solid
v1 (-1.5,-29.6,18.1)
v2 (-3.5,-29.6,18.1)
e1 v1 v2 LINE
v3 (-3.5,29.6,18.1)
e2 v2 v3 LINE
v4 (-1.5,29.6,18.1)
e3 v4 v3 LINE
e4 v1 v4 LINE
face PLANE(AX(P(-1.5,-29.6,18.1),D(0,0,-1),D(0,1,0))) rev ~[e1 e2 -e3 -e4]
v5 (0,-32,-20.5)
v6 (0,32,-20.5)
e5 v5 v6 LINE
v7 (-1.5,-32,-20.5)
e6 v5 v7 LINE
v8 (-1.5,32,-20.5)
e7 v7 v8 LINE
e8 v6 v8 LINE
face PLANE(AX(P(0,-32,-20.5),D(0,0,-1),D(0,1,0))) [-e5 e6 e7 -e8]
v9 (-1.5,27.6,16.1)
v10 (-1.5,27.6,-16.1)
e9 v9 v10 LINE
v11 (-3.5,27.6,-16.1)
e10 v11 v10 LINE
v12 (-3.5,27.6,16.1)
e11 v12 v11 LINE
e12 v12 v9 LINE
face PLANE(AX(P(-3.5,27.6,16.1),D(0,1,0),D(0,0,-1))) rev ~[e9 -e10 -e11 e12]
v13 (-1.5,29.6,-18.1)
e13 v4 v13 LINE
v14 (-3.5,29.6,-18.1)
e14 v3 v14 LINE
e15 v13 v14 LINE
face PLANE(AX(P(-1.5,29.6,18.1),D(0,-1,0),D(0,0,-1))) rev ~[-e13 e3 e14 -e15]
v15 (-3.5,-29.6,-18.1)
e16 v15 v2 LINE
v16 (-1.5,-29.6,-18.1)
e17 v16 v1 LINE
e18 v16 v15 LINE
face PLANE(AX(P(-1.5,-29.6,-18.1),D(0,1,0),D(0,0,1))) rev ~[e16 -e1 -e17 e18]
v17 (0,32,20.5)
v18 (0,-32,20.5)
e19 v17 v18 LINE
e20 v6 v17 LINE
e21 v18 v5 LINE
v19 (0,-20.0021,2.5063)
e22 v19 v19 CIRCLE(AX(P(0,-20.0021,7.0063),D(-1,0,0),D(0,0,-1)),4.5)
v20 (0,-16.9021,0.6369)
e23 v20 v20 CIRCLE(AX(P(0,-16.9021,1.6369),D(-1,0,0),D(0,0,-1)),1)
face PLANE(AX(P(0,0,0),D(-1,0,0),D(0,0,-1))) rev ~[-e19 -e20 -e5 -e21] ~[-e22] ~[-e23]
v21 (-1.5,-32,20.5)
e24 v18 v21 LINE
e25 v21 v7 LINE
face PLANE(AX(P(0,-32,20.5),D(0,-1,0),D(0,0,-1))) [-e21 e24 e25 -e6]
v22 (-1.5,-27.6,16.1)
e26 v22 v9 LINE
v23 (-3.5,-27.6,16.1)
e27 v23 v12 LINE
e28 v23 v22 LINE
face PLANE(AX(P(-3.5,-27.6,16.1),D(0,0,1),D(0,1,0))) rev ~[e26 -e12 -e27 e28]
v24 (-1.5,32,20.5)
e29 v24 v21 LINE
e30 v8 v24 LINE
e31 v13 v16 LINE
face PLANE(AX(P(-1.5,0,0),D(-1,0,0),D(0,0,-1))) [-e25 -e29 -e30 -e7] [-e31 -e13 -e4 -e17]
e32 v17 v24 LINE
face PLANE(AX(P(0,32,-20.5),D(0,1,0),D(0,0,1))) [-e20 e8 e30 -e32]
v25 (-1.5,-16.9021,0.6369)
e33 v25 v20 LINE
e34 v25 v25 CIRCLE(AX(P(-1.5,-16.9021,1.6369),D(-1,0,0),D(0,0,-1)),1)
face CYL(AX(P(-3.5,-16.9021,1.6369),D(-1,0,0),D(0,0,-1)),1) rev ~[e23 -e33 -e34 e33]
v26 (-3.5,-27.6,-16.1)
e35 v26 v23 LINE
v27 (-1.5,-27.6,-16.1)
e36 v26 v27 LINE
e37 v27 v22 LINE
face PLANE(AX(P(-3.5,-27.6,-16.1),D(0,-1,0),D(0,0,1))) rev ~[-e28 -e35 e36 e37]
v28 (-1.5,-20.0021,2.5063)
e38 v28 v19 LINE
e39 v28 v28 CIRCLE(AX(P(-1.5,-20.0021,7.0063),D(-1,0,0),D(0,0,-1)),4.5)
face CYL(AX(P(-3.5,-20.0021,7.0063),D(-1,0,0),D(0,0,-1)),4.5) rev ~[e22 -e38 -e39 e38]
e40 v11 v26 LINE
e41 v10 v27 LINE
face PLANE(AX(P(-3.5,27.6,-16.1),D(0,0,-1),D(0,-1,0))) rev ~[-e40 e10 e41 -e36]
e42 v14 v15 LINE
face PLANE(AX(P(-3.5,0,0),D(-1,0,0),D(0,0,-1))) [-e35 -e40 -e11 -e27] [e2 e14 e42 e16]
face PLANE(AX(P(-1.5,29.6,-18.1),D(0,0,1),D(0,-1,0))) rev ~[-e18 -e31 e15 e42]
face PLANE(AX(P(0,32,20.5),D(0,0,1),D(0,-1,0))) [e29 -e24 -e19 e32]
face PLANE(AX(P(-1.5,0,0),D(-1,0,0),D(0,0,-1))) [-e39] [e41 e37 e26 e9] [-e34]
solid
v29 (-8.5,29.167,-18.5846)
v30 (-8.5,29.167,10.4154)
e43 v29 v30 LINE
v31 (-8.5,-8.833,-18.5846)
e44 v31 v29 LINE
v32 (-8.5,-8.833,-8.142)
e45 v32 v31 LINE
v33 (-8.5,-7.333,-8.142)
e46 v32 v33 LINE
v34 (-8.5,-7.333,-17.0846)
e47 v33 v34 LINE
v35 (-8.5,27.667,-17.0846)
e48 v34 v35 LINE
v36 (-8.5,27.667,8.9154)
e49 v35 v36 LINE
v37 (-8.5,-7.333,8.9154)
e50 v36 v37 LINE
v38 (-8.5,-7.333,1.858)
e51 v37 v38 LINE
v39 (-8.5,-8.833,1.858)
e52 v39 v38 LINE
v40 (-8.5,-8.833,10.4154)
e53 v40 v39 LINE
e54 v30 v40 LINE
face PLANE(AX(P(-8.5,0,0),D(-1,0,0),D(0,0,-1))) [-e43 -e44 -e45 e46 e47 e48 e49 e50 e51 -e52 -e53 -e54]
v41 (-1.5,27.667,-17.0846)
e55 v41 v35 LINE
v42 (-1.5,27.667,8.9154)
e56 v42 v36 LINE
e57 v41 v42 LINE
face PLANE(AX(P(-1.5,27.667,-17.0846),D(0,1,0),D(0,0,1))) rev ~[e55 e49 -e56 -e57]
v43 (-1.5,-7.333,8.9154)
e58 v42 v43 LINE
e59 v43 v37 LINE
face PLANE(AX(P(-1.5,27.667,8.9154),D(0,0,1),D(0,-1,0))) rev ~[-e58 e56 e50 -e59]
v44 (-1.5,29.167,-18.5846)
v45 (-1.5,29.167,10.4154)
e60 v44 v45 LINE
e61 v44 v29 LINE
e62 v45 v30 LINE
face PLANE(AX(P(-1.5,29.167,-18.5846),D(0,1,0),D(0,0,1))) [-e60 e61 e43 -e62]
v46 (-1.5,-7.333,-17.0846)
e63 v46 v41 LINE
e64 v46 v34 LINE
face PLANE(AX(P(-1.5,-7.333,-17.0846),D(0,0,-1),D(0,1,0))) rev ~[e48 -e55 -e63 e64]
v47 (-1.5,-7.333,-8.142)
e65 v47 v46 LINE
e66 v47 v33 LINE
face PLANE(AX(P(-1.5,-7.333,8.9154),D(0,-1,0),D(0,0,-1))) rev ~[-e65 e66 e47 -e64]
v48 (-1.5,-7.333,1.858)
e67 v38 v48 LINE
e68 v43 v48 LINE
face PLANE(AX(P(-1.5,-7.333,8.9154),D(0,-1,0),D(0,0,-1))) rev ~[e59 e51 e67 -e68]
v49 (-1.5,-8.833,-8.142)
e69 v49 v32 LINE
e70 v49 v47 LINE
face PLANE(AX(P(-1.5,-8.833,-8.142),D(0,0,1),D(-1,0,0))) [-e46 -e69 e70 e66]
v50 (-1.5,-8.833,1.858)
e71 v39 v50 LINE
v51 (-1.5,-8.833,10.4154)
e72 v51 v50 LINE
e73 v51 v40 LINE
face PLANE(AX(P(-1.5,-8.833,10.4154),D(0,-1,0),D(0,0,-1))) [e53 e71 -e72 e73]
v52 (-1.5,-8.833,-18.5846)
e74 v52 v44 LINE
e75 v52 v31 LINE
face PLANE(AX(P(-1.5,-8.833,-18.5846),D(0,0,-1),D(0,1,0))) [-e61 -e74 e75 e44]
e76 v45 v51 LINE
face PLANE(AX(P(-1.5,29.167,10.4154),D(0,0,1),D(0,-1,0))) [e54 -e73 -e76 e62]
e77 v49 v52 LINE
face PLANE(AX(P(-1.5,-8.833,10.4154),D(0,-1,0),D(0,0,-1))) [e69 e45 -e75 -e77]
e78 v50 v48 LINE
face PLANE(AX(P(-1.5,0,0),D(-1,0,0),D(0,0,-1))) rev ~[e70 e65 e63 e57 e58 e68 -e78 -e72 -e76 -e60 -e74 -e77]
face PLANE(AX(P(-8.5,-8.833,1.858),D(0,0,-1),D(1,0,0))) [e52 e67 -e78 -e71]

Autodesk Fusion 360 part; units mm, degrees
sketch "Sketch1" plane through (0, 0, 0) normal (0, 0, 1) x (1, 0, 0) in component "D1 holder"
sketch "Sketch2" plane through (0, 0, 0) normal (1, 0, 0) x (0, 0, -1) in component "D1 holder"
  line L0 (-20.5, 32) -> (20.5, 32)
  line L1 (20.5, 32) -> (20.5, -32)
  line L2 (20.5, -32) -> (-20.5, -32)
  line L3 (-20.5, -32) -> (-20.5, 32)
  line L4 (-20.5, 32) -> (20.5, -32) construction
  line L5 (20.5, 32) -> (-20.5, -32) construction
  dimension "d27" = 41
  dimension "d28" = 64
extrude "Extrude1" add sketch "Sketch2" along normal blind 1.5 makes body 1 in component "D1 holder"
sketch "Sketch3" plane through (1.5, 0, 0) normal (1, 0, 0) x (0, 0, -1) in component "D1 holder"
  line L0 (-20.5, -32) -> (20.5, -32)
  line L1 (20.5, -32) -> (20.5, 32)
  line L2 (20.5, 32) -> (-20.5, 32)
  line L3 (-20.5, 32) -> (-20.5, -32)
  line L4 (-18.1, 29.6) -> (-18.1, -29.6)
  line L5 (-18.1, -29.6) -> (18.1, -29.6)
  line L6 (18.1, -29.6) -> (18.1, 29.6)
  line L7 (18.1, 29.6) -> (-18.1, 29.6)
  dimension "d31" = 2.4
extrude "Extrude2" add sketch "Sketch3" along normal blind 2 contours L4 L5 L6 L7 bodies 1 in component "D1 holder"
sketch "Sketch4" plane through (3.5, 0, 0) normal (1, 0, 0) x (0, 0, -1) in component "D1 holder"
  line L0 (18.1, 29.6) -> (-18.1, 29.6)
  line L1 (-18.1, 29.6) -> (-18.1, -29.6)
  line L2 (-18.1, -29.6) -> (18.1, -29.6)
  line L3 (18.1, -29.6) -> (18.1, 29.6)
  line L4 (-16.1, 27.6) -> (-16.1, -27.6)
  line L5 (-16.1, -27.6) -> (16.1, -27.6)
  line L6 (16.1, -27.6) -> (16.1, 27.6)
  line L7 (16.1, 27.6) -> (-16.1, 27.6)
  dimension "d34" = 2
extrude "Extrude3" cut sketch "Sketch4" against normal blind 2 contours L4 L5 L6 L7 bodies 1 in component "D1 holder"
sketch "Sketch8" plane through (1.5, 0, 0) normal (1, 0, 0) x (0, 0, -1) in component "D1 holder"
  line L0 (18.5846, -29.167) -> (-10.4154, -29.167)
  line L1 (-10.4154, -29.167) -> (-10.4154, 8.833)
  line L2 (-10.4154, 8.833) -> (18.5846, 8.833)
  line L3 (18.5846, 8.833) -> (18.5846, -29.167)
  line L4 (17.0846, -27.667) -> (-8.9154, -27.667)
  line L5 (-8.9154, -27.667) -> (-8.9154, 7.333)
  line L6 (-8.9154, 7.333) -> (17.0846, 7.333)
  line L7 (17.0846, 7.333) -> (17.0846, -27.667)
  dimension "d39" = 29
  dimension "d40" = 38
  dimension "d41" = 1.5
extrude "Extrude4" add sketch "Sketch8" along normal blind 7 separate body makes body 2 in component "D1 holder"
sketch "Sketch9" plane through (0, 8.833, 0) normal (0, 1, 0) x (-1, 0, 0) in component "D1 holder"
  line L0 (-1.5, -18.5846) -> (-1.5, 10.4154)
  line L1 (-1.5, 10.4154) -> (-8.5, 10.4154)
  line L2 (-8.5, 10.4154) -> (-8.5, -18.5846)
  line L3 (-8.5, -18.5846) -> (-1.5, -18.5846)
  line L4 (-1.5, -8.142) -> (-8.9091, -8.142)
  line L5 (-8.9091, -8.142) -> (-8.9091, 1.858)
  line L6 (-8.9091, 1.858) -> (-1.5, 1.858)
  line L7 (-1.5, 1.858) -> (-1.5, -8.142)
  dimension "d44" = 10
extrude "Extrude5" cut sketch "Sketch9" against normal blind 1.5 contours L0 L2 L4 L6 L7 bodies 2 in component "D1 holder"
sketch "sensor hole" plane through (3.5, 0, 0) normal (1, 0, 0) x (0, 0, -1) in component "D1 holder"
  circle A0 centre (-7.0063, 20.0021) radius 4.5
  dimension "d47" = 9
extrude "Extrude6" cut sketch "sensor hole" against normal blind 26 bodies 1 in component "D1 holder"
sketch "screw hole" plane through (3.5, 0, 0) normal (1, 0, 0) x (0, 0, -1) in component "D1 holder"
  line L0 (-7.0063, 20.0021) -> (-1.6369, 16.9021)
  line L1 (-7.0063, 20.0021) -> (-1.0063, 20.0021) construction
  circle A0 centre (-1.6369, 16.9021) radius 1
  point P0 (-7.0063, 20.0021)
  dimension "d130" = 30
  dimension "d131" = 6.2
  dimension "d132" = 2
extrude "Extrude7" cut sketch "screw hole" against normal blind 4 bodies 1 in component "D1 holder"
component "D1 holder" placed x (-1, 0, 0) y (0, -1, 0) z (0, 0, 1) at (0, 0, 0)
